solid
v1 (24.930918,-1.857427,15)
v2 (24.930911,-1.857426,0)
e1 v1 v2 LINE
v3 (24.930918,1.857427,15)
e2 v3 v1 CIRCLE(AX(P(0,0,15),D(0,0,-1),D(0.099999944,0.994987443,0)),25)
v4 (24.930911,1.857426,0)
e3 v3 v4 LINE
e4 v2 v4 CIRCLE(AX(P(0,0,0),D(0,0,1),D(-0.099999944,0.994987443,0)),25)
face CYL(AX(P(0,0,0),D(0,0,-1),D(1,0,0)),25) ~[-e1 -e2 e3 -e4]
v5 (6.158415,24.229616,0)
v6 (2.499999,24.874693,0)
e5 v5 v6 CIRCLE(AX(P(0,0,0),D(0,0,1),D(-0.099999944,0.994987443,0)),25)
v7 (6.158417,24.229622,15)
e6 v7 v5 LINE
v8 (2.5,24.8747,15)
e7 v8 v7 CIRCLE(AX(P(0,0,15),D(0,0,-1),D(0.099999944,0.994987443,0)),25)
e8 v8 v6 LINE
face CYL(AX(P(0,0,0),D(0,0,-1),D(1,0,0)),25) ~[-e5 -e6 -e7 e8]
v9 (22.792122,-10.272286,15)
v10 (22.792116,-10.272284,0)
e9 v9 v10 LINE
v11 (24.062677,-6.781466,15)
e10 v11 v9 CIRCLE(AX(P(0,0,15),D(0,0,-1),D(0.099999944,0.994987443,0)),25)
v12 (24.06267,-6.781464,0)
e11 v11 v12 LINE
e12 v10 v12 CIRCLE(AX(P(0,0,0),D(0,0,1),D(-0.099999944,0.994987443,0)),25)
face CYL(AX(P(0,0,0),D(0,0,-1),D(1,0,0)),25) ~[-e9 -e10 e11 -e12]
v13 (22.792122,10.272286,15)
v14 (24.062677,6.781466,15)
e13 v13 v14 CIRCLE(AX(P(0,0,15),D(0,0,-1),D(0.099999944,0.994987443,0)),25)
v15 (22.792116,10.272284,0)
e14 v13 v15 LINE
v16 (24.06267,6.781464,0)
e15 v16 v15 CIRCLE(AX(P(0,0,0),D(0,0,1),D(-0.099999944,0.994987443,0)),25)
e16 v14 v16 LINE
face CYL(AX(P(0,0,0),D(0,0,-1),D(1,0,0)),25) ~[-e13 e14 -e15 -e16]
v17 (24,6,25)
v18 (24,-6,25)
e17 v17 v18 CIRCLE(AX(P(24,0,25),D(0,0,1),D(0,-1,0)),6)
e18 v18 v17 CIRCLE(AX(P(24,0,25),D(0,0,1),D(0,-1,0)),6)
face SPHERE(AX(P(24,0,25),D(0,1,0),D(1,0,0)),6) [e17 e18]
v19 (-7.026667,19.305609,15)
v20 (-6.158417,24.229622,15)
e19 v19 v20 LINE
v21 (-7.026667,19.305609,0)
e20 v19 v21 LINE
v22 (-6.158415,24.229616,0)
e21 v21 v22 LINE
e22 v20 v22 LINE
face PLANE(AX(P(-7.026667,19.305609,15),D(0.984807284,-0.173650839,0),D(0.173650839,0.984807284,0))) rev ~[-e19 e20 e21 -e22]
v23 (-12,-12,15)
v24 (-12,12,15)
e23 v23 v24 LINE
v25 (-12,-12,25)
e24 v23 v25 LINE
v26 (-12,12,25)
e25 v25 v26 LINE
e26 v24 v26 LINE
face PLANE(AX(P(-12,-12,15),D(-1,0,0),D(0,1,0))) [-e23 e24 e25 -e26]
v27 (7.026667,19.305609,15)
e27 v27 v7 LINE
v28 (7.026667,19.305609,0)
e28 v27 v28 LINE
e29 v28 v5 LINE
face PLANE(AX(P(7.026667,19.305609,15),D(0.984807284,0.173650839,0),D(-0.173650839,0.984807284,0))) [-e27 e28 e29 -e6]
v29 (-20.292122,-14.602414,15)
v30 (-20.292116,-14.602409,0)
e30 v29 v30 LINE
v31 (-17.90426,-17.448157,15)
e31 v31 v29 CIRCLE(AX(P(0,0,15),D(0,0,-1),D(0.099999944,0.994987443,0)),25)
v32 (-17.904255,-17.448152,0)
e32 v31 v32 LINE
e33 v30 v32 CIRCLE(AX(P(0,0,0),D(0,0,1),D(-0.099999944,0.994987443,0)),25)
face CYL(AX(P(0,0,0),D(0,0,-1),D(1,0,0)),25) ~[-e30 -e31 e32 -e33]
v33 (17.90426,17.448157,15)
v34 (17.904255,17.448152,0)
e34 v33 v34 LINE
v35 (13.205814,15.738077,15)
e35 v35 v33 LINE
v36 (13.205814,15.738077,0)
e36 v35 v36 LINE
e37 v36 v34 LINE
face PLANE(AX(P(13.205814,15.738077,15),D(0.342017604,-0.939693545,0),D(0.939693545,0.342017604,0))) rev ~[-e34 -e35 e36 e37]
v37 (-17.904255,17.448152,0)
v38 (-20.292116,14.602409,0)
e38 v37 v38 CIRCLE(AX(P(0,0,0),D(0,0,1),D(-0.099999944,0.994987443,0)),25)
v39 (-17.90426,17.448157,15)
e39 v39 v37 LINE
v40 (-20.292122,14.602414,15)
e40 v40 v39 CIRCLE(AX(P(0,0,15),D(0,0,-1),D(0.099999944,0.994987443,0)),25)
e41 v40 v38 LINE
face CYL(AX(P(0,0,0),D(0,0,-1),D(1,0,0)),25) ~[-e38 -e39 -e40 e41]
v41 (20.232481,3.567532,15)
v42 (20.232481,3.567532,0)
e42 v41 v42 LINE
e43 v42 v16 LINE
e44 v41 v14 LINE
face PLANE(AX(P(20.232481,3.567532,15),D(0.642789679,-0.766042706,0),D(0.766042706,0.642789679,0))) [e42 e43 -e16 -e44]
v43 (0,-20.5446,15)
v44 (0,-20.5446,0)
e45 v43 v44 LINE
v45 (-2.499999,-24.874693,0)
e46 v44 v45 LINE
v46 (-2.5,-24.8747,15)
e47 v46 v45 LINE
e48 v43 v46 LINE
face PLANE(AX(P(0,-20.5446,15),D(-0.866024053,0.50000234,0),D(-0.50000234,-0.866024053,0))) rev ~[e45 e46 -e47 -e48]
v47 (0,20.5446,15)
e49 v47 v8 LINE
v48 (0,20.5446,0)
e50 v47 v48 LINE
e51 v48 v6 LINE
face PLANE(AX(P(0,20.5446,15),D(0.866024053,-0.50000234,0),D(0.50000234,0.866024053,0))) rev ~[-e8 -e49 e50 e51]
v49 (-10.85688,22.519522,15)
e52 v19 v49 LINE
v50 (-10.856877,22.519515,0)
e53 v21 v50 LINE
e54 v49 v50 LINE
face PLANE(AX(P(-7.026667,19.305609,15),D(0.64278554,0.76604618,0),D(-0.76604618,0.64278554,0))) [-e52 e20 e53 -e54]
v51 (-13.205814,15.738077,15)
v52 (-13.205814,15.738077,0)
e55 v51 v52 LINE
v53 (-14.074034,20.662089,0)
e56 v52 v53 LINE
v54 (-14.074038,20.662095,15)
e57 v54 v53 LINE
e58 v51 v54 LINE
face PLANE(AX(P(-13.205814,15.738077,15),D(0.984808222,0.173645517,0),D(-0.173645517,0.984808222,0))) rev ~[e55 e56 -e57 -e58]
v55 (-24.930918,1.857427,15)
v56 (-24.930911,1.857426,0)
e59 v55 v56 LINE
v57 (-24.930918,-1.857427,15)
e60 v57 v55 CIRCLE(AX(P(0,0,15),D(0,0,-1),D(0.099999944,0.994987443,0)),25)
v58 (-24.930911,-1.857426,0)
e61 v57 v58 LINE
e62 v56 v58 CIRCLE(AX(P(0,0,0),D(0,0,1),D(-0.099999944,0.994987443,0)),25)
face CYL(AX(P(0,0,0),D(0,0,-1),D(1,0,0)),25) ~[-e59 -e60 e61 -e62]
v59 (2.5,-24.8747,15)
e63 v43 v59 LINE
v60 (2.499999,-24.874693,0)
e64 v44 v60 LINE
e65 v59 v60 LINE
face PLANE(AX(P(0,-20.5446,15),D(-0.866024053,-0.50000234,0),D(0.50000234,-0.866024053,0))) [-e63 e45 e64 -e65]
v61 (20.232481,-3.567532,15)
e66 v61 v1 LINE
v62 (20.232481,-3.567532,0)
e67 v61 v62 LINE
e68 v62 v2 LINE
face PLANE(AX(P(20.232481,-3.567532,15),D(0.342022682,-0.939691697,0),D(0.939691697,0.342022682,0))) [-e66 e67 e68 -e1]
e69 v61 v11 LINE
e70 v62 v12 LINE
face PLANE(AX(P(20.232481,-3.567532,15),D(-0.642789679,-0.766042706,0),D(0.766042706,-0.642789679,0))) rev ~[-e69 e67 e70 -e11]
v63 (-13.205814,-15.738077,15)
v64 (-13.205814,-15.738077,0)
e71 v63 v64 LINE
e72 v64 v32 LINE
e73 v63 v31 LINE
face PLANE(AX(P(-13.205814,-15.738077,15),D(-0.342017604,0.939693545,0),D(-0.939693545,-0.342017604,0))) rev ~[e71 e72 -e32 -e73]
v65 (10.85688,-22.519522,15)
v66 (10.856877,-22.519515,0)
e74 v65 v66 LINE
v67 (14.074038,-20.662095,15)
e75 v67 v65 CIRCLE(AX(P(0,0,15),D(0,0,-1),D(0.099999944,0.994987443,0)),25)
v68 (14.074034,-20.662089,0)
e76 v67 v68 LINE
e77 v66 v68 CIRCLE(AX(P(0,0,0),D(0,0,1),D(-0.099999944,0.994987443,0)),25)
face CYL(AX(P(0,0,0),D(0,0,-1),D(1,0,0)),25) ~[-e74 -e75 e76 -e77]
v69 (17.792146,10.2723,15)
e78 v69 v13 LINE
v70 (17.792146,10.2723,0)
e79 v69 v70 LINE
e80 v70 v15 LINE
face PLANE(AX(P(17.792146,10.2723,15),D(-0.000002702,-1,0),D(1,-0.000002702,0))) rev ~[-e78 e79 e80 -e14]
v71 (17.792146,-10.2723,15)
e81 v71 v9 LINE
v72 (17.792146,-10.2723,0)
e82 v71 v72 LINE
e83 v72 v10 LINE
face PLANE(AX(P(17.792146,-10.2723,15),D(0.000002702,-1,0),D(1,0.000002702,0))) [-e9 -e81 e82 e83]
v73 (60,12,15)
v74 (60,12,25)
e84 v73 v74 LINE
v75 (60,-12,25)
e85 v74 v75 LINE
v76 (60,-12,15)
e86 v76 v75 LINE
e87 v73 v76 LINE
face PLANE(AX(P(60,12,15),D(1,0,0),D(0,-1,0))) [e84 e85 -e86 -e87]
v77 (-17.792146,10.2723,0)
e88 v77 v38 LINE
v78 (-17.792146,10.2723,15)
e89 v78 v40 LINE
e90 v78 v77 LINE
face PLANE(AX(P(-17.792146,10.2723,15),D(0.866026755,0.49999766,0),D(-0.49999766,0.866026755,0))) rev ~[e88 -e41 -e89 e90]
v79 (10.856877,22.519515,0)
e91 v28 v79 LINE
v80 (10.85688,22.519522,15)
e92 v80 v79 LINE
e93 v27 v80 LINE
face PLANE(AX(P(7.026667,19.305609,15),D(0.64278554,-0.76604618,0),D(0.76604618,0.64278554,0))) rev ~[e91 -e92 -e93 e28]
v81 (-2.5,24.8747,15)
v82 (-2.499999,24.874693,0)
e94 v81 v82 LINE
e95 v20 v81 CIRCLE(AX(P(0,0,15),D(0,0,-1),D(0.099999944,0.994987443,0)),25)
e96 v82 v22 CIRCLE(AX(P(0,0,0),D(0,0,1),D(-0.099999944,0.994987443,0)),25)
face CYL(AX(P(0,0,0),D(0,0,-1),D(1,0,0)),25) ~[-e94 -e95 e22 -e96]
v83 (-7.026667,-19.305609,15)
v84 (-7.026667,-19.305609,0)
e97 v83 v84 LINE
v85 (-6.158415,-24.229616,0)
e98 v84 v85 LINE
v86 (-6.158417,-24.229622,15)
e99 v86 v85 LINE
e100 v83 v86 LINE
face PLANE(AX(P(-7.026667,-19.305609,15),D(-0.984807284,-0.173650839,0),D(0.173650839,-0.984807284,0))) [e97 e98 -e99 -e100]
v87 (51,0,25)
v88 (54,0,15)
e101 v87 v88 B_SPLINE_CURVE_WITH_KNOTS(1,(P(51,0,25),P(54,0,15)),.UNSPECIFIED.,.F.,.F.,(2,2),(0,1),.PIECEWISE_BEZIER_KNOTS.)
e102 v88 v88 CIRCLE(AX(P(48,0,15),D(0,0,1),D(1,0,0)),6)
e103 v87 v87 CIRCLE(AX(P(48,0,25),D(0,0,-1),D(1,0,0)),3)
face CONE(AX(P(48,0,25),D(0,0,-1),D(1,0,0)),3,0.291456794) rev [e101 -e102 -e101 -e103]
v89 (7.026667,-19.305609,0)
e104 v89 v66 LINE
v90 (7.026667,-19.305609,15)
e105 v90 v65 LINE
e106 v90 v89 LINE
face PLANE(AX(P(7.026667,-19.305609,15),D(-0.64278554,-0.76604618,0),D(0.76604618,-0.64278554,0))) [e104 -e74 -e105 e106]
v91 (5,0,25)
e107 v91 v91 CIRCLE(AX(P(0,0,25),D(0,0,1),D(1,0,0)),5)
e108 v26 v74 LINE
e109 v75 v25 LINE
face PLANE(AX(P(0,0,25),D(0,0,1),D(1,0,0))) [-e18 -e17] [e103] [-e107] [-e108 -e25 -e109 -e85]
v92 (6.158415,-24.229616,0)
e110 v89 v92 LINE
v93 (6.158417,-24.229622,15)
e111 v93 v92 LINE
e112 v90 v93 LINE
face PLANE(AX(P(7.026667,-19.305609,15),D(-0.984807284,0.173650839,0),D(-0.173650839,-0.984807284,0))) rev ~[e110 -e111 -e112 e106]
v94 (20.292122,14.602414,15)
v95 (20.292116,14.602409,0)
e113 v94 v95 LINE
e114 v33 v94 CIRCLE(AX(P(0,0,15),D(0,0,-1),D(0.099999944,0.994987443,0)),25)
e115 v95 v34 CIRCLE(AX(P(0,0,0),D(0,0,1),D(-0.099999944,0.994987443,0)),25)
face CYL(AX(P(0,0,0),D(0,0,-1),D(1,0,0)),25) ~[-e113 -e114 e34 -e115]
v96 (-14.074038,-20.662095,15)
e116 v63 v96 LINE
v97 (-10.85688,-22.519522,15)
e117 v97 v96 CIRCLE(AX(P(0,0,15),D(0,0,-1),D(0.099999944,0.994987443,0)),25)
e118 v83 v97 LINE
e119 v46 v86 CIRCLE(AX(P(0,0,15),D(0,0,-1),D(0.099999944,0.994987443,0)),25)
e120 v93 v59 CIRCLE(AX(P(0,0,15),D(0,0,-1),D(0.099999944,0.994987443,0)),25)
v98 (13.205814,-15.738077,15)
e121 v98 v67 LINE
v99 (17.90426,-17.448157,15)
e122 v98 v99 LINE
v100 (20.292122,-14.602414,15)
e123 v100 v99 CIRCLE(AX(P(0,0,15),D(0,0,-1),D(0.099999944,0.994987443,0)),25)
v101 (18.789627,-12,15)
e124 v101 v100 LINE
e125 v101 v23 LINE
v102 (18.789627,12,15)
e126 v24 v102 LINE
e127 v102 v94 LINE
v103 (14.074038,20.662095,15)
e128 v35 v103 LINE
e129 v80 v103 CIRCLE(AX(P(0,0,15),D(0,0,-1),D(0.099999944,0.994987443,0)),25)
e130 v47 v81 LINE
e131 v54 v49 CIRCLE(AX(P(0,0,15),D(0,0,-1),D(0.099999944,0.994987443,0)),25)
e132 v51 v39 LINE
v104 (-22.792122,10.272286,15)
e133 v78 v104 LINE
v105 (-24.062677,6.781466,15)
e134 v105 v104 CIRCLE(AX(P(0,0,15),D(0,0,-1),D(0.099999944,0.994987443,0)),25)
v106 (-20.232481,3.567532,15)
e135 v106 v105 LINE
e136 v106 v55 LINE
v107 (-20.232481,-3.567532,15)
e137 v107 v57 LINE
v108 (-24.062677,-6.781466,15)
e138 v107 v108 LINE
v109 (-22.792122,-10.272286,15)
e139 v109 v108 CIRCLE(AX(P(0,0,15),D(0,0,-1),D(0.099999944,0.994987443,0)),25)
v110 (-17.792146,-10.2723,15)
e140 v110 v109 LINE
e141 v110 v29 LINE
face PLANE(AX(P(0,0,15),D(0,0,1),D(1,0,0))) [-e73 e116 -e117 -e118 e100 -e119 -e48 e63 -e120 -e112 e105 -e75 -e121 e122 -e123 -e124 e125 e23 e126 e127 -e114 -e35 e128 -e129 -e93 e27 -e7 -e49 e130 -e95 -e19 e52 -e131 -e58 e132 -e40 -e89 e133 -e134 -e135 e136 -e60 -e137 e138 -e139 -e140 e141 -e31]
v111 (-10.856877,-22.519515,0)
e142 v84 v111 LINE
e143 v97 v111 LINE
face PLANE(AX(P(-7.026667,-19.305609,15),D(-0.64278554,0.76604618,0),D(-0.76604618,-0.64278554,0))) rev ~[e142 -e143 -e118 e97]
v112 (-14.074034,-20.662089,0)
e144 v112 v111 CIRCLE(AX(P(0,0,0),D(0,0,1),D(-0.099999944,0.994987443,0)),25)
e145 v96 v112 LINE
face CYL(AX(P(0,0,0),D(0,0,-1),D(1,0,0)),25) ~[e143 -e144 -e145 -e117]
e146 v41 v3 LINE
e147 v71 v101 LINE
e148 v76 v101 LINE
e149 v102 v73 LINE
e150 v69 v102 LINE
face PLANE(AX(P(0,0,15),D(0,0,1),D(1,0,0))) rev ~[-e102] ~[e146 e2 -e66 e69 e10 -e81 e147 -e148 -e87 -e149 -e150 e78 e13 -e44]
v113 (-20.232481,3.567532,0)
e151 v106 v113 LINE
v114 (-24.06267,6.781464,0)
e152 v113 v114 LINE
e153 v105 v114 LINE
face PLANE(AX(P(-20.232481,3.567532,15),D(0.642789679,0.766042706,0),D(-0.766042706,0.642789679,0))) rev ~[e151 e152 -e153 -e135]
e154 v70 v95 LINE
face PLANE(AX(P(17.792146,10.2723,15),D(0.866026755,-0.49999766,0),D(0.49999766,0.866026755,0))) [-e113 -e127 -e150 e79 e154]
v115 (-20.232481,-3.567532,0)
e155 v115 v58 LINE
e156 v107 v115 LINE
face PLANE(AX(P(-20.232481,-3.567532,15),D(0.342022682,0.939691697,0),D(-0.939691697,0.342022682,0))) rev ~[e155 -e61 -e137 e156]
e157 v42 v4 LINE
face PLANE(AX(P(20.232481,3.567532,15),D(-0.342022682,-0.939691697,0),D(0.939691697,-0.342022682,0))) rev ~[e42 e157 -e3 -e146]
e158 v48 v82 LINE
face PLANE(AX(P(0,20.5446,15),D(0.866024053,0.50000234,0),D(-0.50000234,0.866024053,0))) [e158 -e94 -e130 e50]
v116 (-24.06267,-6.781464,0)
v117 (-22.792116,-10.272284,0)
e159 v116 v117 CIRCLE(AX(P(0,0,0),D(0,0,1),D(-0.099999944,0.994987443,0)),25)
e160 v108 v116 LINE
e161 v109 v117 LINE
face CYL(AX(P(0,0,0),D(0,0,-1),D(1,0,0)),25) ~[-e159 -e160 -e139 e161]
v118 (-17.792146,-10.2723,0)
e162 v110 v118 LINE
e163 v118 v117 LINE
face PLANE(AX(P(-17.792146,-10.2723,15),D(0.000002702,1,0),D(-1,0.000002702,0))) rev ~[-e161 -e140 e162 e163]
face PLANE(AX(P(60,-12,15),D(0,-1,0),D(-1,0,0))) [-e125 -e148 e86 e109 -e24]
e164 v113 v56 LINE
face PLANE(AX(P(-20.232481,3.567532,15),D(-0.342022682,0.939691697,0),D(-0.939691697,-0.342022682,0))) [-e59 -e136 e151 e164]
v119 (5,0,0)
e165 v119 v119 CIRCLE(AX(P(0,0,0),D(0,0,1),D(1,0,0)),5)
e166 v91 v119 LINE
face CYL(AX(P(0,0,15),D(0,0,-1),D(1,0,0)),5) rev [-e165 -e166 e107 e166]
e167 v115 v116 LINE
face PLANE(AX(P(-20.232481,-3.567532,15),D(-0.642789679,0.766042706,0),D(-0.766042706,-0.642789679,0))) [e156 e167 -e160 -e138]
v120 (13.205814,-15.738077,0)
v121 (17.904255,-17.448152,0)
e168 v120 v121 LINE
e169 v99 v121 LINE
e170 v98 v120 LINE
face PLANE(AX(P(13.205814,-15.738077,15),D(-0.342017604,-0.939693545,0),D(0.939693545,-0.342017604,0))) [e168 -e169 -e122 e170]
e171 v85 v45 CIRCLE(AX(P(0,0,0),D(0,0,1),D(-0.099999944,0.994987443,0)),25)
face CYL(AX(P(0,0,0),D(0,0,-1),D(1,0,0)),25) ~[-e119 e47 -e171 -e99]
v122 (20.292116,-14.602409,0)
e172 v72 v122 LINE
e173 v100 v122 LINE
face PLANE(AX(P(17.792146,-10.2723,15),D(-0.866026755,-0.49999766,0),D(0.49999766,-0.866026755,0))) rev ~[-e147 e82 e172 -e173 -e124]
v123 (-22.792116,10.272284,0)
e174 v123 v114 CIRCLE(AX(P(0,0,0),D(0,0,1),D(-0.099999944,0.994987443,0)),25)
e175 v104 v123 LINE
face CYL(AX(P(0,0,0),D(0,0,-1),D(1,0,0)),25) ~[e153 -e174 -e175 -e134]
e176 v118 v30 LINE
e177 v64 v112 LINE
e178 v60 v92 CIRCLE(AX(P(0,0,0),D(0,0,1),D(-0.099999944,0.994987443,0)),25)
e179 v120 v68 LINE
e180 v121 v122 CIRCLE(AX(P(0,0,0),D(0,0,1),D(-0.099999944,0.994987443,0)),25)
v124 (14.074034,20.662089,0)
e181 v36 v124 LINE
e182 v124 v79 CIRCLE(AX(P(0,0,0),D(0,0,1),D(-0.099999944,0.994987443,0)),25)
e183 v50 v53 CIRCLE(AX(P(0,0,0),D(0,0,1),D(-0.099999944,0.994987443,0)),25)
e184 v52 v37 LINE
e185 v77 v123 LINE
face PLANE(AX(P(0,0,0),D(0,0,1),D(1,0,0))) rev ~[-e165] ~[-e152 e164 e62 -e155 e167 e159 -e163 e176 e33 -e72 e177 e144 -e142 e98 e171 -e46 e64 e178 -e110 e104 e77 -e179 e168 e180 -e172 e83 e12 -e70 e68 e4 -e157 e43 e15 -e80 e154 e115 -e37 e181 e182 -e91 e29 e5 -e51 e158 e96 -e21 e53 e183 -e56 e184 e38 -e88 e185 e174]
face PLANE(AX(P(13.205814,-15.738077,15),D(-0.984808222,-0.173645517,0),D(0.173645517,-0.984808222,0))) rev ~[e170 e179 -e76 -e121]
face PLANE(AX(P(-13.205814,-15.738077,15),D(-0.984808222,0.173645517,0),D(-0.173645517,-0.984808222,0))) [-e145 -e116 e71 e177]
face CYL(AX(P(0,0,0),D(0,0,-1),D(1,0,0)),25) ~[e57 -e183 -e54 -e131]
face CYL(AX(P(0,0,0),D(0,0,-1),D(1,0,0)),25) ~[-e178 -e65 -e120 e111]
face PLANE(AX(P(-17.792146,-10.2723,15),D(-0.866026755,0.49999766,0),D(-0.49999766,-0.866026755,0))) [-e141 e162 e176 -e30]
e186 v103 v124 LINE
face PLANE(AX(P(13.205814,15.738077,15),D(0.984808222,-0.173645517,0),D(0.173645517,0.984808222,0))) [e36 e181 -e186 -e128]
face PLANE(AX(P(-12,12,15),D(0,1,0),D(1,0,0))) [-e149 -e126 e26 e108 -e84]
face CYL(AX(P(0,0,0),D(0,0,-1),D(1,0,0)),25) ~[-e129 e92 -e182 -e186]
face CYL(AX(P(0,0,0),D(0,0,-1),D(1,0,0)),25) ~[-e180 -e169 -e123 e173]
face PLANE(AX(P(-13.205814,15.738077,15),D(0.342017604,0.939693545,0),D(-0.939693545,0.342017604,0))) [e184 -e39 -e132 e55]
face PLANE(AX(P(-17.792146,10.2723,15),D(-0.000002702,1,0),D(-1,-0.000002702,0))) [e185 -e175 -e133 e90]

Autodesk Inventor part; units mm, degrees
ref_plane "YZ Plane" through (0, 0, 0) normal (1, 0, 0) x (0, 1, 0)
ref_plane "XZ Plane" through (0, 0, 0) normal (0, 1, 0) x (-1, 0, 0)
ref_plane "XY Plane" through (0, 0, 0) normal (0, 0, 1) x (1, 0, 0)
sketch "Sketch1" plane through (0, 0, 0) normal (0, 0, 1) x (1, 0, 0)
  circle A0 centre (0, 0) radius 25
  circle A1 centre (0, 0) radius 5
  dimension "d0" = 50
  dimension "d1" = 10
extrude "Extrusion1" add sketch "Sketch1" along normal blind 15
sketch "Sketch2" plane through (0, 0, 15) normal (0, 0, 1) x (1, 0, 0)
  circle A0 centre (0, 0) radius 25 projected
  line L0 (0, 25) -> (5, 25) construction
  line L1 (0, 20) -> (6.1776, 20) construction
  line L2 (-2.7962, 24.8431) -> (2.2038, 24.8431) construction
  line L3 (0, 20.5446) -> (2.5, 24.8747)
  line L4 (0, 20.5446) -> (5, 20.5446) construction
  circle A1 centre (0, 0) radius 25 projected
  line L5 (0, 20.5446) -> (0, 24.8431) construction
  line L6 (0, 20.5446) -> (-2.5, 24.8747)
  arc A2 (2.5, 24.8747) -> (-2.5, 24.8747) centre (0, 0) ccw
  dimension "d32" = 5
  dimension "d33" = 60
extrude "Extrusion2" cut sketch "Sketch2" against normal through all contours L3 L6 A0 picked at (1.1115, 23.4685)
pattern_circular "Circular Pattern1" count 18 over 360 about axis through (0, 0, -10) along (0, 0, 1) of "Extrusion2"
sketch "Sketch3" plane through (0, 0, 15) normal (0, 0, 1) x (1, 0, 0)
  line L0 (-12, 12) -> (60, 12)
  line L1 (60, 12) -> (60, -12)
  line L2 (60, -12) -> (-12, -12)
  line L3 (-12, -12) -> (-12, 12)
  circle A0 centre (0, 0) radius 5 projected
  point P0 (-12, 0)
  dimension "d13" = 12
  dimension "d14" = 12
  dimension "d15" = 60
extrude "Extrusion4" add sketch "Sketch3" along normal blind 10
sketch "Sketch4" plane through (0, 0, 15) normal (0, 0, -1) x (-1, 0, 0)
  circle A0 centre (-48, 0) radius 6
  line L0 (-60, 12) -> (-60, -12) construction
  point P0 (0, 0)
  dimension "d20" = 12
  dimension "d21" = 12
sketch "Sketch5" plane through (0, 0, 25) normal (0, 0, 1) x (1, 0, 0)
  circle A0 centre (48, 0) radius 3
  line L0 (60, -12) -> (60, 12) construction
  point P0 (0, 0)
  point P1 (0, 0)
  dimension "d22" = 6
  dimension "d23" = 12
loft "Loft1" cut profiles "Sketch5", "Sketch4"
sketch "Sketch6" plane through (0, 0, 25) normal (0, 0, 1) x (1, 0, 0)
  arc A0 (24, -6) -> (24, 6) centre (24, 0) ccw
  line L0 (-12, -12) -> (60, -12) projected
  line L1 (24, -6) -> (24, 6)
  point P0 (0, 0)
  point P1 (24, -12)
  dimension "d28" = 12
revolve "Revolution1" add sketch "Sketch6" angle 360 about axis through (24, -6, 25) along (0, 1, 0)
equation "\"d1\" = 0.2 * d0"
equation "\"d21\" = d20"
equation "\"d22\" = 0.5 * d20"
equation "\"d23\" = d21"
properties part number "Parcial3"
